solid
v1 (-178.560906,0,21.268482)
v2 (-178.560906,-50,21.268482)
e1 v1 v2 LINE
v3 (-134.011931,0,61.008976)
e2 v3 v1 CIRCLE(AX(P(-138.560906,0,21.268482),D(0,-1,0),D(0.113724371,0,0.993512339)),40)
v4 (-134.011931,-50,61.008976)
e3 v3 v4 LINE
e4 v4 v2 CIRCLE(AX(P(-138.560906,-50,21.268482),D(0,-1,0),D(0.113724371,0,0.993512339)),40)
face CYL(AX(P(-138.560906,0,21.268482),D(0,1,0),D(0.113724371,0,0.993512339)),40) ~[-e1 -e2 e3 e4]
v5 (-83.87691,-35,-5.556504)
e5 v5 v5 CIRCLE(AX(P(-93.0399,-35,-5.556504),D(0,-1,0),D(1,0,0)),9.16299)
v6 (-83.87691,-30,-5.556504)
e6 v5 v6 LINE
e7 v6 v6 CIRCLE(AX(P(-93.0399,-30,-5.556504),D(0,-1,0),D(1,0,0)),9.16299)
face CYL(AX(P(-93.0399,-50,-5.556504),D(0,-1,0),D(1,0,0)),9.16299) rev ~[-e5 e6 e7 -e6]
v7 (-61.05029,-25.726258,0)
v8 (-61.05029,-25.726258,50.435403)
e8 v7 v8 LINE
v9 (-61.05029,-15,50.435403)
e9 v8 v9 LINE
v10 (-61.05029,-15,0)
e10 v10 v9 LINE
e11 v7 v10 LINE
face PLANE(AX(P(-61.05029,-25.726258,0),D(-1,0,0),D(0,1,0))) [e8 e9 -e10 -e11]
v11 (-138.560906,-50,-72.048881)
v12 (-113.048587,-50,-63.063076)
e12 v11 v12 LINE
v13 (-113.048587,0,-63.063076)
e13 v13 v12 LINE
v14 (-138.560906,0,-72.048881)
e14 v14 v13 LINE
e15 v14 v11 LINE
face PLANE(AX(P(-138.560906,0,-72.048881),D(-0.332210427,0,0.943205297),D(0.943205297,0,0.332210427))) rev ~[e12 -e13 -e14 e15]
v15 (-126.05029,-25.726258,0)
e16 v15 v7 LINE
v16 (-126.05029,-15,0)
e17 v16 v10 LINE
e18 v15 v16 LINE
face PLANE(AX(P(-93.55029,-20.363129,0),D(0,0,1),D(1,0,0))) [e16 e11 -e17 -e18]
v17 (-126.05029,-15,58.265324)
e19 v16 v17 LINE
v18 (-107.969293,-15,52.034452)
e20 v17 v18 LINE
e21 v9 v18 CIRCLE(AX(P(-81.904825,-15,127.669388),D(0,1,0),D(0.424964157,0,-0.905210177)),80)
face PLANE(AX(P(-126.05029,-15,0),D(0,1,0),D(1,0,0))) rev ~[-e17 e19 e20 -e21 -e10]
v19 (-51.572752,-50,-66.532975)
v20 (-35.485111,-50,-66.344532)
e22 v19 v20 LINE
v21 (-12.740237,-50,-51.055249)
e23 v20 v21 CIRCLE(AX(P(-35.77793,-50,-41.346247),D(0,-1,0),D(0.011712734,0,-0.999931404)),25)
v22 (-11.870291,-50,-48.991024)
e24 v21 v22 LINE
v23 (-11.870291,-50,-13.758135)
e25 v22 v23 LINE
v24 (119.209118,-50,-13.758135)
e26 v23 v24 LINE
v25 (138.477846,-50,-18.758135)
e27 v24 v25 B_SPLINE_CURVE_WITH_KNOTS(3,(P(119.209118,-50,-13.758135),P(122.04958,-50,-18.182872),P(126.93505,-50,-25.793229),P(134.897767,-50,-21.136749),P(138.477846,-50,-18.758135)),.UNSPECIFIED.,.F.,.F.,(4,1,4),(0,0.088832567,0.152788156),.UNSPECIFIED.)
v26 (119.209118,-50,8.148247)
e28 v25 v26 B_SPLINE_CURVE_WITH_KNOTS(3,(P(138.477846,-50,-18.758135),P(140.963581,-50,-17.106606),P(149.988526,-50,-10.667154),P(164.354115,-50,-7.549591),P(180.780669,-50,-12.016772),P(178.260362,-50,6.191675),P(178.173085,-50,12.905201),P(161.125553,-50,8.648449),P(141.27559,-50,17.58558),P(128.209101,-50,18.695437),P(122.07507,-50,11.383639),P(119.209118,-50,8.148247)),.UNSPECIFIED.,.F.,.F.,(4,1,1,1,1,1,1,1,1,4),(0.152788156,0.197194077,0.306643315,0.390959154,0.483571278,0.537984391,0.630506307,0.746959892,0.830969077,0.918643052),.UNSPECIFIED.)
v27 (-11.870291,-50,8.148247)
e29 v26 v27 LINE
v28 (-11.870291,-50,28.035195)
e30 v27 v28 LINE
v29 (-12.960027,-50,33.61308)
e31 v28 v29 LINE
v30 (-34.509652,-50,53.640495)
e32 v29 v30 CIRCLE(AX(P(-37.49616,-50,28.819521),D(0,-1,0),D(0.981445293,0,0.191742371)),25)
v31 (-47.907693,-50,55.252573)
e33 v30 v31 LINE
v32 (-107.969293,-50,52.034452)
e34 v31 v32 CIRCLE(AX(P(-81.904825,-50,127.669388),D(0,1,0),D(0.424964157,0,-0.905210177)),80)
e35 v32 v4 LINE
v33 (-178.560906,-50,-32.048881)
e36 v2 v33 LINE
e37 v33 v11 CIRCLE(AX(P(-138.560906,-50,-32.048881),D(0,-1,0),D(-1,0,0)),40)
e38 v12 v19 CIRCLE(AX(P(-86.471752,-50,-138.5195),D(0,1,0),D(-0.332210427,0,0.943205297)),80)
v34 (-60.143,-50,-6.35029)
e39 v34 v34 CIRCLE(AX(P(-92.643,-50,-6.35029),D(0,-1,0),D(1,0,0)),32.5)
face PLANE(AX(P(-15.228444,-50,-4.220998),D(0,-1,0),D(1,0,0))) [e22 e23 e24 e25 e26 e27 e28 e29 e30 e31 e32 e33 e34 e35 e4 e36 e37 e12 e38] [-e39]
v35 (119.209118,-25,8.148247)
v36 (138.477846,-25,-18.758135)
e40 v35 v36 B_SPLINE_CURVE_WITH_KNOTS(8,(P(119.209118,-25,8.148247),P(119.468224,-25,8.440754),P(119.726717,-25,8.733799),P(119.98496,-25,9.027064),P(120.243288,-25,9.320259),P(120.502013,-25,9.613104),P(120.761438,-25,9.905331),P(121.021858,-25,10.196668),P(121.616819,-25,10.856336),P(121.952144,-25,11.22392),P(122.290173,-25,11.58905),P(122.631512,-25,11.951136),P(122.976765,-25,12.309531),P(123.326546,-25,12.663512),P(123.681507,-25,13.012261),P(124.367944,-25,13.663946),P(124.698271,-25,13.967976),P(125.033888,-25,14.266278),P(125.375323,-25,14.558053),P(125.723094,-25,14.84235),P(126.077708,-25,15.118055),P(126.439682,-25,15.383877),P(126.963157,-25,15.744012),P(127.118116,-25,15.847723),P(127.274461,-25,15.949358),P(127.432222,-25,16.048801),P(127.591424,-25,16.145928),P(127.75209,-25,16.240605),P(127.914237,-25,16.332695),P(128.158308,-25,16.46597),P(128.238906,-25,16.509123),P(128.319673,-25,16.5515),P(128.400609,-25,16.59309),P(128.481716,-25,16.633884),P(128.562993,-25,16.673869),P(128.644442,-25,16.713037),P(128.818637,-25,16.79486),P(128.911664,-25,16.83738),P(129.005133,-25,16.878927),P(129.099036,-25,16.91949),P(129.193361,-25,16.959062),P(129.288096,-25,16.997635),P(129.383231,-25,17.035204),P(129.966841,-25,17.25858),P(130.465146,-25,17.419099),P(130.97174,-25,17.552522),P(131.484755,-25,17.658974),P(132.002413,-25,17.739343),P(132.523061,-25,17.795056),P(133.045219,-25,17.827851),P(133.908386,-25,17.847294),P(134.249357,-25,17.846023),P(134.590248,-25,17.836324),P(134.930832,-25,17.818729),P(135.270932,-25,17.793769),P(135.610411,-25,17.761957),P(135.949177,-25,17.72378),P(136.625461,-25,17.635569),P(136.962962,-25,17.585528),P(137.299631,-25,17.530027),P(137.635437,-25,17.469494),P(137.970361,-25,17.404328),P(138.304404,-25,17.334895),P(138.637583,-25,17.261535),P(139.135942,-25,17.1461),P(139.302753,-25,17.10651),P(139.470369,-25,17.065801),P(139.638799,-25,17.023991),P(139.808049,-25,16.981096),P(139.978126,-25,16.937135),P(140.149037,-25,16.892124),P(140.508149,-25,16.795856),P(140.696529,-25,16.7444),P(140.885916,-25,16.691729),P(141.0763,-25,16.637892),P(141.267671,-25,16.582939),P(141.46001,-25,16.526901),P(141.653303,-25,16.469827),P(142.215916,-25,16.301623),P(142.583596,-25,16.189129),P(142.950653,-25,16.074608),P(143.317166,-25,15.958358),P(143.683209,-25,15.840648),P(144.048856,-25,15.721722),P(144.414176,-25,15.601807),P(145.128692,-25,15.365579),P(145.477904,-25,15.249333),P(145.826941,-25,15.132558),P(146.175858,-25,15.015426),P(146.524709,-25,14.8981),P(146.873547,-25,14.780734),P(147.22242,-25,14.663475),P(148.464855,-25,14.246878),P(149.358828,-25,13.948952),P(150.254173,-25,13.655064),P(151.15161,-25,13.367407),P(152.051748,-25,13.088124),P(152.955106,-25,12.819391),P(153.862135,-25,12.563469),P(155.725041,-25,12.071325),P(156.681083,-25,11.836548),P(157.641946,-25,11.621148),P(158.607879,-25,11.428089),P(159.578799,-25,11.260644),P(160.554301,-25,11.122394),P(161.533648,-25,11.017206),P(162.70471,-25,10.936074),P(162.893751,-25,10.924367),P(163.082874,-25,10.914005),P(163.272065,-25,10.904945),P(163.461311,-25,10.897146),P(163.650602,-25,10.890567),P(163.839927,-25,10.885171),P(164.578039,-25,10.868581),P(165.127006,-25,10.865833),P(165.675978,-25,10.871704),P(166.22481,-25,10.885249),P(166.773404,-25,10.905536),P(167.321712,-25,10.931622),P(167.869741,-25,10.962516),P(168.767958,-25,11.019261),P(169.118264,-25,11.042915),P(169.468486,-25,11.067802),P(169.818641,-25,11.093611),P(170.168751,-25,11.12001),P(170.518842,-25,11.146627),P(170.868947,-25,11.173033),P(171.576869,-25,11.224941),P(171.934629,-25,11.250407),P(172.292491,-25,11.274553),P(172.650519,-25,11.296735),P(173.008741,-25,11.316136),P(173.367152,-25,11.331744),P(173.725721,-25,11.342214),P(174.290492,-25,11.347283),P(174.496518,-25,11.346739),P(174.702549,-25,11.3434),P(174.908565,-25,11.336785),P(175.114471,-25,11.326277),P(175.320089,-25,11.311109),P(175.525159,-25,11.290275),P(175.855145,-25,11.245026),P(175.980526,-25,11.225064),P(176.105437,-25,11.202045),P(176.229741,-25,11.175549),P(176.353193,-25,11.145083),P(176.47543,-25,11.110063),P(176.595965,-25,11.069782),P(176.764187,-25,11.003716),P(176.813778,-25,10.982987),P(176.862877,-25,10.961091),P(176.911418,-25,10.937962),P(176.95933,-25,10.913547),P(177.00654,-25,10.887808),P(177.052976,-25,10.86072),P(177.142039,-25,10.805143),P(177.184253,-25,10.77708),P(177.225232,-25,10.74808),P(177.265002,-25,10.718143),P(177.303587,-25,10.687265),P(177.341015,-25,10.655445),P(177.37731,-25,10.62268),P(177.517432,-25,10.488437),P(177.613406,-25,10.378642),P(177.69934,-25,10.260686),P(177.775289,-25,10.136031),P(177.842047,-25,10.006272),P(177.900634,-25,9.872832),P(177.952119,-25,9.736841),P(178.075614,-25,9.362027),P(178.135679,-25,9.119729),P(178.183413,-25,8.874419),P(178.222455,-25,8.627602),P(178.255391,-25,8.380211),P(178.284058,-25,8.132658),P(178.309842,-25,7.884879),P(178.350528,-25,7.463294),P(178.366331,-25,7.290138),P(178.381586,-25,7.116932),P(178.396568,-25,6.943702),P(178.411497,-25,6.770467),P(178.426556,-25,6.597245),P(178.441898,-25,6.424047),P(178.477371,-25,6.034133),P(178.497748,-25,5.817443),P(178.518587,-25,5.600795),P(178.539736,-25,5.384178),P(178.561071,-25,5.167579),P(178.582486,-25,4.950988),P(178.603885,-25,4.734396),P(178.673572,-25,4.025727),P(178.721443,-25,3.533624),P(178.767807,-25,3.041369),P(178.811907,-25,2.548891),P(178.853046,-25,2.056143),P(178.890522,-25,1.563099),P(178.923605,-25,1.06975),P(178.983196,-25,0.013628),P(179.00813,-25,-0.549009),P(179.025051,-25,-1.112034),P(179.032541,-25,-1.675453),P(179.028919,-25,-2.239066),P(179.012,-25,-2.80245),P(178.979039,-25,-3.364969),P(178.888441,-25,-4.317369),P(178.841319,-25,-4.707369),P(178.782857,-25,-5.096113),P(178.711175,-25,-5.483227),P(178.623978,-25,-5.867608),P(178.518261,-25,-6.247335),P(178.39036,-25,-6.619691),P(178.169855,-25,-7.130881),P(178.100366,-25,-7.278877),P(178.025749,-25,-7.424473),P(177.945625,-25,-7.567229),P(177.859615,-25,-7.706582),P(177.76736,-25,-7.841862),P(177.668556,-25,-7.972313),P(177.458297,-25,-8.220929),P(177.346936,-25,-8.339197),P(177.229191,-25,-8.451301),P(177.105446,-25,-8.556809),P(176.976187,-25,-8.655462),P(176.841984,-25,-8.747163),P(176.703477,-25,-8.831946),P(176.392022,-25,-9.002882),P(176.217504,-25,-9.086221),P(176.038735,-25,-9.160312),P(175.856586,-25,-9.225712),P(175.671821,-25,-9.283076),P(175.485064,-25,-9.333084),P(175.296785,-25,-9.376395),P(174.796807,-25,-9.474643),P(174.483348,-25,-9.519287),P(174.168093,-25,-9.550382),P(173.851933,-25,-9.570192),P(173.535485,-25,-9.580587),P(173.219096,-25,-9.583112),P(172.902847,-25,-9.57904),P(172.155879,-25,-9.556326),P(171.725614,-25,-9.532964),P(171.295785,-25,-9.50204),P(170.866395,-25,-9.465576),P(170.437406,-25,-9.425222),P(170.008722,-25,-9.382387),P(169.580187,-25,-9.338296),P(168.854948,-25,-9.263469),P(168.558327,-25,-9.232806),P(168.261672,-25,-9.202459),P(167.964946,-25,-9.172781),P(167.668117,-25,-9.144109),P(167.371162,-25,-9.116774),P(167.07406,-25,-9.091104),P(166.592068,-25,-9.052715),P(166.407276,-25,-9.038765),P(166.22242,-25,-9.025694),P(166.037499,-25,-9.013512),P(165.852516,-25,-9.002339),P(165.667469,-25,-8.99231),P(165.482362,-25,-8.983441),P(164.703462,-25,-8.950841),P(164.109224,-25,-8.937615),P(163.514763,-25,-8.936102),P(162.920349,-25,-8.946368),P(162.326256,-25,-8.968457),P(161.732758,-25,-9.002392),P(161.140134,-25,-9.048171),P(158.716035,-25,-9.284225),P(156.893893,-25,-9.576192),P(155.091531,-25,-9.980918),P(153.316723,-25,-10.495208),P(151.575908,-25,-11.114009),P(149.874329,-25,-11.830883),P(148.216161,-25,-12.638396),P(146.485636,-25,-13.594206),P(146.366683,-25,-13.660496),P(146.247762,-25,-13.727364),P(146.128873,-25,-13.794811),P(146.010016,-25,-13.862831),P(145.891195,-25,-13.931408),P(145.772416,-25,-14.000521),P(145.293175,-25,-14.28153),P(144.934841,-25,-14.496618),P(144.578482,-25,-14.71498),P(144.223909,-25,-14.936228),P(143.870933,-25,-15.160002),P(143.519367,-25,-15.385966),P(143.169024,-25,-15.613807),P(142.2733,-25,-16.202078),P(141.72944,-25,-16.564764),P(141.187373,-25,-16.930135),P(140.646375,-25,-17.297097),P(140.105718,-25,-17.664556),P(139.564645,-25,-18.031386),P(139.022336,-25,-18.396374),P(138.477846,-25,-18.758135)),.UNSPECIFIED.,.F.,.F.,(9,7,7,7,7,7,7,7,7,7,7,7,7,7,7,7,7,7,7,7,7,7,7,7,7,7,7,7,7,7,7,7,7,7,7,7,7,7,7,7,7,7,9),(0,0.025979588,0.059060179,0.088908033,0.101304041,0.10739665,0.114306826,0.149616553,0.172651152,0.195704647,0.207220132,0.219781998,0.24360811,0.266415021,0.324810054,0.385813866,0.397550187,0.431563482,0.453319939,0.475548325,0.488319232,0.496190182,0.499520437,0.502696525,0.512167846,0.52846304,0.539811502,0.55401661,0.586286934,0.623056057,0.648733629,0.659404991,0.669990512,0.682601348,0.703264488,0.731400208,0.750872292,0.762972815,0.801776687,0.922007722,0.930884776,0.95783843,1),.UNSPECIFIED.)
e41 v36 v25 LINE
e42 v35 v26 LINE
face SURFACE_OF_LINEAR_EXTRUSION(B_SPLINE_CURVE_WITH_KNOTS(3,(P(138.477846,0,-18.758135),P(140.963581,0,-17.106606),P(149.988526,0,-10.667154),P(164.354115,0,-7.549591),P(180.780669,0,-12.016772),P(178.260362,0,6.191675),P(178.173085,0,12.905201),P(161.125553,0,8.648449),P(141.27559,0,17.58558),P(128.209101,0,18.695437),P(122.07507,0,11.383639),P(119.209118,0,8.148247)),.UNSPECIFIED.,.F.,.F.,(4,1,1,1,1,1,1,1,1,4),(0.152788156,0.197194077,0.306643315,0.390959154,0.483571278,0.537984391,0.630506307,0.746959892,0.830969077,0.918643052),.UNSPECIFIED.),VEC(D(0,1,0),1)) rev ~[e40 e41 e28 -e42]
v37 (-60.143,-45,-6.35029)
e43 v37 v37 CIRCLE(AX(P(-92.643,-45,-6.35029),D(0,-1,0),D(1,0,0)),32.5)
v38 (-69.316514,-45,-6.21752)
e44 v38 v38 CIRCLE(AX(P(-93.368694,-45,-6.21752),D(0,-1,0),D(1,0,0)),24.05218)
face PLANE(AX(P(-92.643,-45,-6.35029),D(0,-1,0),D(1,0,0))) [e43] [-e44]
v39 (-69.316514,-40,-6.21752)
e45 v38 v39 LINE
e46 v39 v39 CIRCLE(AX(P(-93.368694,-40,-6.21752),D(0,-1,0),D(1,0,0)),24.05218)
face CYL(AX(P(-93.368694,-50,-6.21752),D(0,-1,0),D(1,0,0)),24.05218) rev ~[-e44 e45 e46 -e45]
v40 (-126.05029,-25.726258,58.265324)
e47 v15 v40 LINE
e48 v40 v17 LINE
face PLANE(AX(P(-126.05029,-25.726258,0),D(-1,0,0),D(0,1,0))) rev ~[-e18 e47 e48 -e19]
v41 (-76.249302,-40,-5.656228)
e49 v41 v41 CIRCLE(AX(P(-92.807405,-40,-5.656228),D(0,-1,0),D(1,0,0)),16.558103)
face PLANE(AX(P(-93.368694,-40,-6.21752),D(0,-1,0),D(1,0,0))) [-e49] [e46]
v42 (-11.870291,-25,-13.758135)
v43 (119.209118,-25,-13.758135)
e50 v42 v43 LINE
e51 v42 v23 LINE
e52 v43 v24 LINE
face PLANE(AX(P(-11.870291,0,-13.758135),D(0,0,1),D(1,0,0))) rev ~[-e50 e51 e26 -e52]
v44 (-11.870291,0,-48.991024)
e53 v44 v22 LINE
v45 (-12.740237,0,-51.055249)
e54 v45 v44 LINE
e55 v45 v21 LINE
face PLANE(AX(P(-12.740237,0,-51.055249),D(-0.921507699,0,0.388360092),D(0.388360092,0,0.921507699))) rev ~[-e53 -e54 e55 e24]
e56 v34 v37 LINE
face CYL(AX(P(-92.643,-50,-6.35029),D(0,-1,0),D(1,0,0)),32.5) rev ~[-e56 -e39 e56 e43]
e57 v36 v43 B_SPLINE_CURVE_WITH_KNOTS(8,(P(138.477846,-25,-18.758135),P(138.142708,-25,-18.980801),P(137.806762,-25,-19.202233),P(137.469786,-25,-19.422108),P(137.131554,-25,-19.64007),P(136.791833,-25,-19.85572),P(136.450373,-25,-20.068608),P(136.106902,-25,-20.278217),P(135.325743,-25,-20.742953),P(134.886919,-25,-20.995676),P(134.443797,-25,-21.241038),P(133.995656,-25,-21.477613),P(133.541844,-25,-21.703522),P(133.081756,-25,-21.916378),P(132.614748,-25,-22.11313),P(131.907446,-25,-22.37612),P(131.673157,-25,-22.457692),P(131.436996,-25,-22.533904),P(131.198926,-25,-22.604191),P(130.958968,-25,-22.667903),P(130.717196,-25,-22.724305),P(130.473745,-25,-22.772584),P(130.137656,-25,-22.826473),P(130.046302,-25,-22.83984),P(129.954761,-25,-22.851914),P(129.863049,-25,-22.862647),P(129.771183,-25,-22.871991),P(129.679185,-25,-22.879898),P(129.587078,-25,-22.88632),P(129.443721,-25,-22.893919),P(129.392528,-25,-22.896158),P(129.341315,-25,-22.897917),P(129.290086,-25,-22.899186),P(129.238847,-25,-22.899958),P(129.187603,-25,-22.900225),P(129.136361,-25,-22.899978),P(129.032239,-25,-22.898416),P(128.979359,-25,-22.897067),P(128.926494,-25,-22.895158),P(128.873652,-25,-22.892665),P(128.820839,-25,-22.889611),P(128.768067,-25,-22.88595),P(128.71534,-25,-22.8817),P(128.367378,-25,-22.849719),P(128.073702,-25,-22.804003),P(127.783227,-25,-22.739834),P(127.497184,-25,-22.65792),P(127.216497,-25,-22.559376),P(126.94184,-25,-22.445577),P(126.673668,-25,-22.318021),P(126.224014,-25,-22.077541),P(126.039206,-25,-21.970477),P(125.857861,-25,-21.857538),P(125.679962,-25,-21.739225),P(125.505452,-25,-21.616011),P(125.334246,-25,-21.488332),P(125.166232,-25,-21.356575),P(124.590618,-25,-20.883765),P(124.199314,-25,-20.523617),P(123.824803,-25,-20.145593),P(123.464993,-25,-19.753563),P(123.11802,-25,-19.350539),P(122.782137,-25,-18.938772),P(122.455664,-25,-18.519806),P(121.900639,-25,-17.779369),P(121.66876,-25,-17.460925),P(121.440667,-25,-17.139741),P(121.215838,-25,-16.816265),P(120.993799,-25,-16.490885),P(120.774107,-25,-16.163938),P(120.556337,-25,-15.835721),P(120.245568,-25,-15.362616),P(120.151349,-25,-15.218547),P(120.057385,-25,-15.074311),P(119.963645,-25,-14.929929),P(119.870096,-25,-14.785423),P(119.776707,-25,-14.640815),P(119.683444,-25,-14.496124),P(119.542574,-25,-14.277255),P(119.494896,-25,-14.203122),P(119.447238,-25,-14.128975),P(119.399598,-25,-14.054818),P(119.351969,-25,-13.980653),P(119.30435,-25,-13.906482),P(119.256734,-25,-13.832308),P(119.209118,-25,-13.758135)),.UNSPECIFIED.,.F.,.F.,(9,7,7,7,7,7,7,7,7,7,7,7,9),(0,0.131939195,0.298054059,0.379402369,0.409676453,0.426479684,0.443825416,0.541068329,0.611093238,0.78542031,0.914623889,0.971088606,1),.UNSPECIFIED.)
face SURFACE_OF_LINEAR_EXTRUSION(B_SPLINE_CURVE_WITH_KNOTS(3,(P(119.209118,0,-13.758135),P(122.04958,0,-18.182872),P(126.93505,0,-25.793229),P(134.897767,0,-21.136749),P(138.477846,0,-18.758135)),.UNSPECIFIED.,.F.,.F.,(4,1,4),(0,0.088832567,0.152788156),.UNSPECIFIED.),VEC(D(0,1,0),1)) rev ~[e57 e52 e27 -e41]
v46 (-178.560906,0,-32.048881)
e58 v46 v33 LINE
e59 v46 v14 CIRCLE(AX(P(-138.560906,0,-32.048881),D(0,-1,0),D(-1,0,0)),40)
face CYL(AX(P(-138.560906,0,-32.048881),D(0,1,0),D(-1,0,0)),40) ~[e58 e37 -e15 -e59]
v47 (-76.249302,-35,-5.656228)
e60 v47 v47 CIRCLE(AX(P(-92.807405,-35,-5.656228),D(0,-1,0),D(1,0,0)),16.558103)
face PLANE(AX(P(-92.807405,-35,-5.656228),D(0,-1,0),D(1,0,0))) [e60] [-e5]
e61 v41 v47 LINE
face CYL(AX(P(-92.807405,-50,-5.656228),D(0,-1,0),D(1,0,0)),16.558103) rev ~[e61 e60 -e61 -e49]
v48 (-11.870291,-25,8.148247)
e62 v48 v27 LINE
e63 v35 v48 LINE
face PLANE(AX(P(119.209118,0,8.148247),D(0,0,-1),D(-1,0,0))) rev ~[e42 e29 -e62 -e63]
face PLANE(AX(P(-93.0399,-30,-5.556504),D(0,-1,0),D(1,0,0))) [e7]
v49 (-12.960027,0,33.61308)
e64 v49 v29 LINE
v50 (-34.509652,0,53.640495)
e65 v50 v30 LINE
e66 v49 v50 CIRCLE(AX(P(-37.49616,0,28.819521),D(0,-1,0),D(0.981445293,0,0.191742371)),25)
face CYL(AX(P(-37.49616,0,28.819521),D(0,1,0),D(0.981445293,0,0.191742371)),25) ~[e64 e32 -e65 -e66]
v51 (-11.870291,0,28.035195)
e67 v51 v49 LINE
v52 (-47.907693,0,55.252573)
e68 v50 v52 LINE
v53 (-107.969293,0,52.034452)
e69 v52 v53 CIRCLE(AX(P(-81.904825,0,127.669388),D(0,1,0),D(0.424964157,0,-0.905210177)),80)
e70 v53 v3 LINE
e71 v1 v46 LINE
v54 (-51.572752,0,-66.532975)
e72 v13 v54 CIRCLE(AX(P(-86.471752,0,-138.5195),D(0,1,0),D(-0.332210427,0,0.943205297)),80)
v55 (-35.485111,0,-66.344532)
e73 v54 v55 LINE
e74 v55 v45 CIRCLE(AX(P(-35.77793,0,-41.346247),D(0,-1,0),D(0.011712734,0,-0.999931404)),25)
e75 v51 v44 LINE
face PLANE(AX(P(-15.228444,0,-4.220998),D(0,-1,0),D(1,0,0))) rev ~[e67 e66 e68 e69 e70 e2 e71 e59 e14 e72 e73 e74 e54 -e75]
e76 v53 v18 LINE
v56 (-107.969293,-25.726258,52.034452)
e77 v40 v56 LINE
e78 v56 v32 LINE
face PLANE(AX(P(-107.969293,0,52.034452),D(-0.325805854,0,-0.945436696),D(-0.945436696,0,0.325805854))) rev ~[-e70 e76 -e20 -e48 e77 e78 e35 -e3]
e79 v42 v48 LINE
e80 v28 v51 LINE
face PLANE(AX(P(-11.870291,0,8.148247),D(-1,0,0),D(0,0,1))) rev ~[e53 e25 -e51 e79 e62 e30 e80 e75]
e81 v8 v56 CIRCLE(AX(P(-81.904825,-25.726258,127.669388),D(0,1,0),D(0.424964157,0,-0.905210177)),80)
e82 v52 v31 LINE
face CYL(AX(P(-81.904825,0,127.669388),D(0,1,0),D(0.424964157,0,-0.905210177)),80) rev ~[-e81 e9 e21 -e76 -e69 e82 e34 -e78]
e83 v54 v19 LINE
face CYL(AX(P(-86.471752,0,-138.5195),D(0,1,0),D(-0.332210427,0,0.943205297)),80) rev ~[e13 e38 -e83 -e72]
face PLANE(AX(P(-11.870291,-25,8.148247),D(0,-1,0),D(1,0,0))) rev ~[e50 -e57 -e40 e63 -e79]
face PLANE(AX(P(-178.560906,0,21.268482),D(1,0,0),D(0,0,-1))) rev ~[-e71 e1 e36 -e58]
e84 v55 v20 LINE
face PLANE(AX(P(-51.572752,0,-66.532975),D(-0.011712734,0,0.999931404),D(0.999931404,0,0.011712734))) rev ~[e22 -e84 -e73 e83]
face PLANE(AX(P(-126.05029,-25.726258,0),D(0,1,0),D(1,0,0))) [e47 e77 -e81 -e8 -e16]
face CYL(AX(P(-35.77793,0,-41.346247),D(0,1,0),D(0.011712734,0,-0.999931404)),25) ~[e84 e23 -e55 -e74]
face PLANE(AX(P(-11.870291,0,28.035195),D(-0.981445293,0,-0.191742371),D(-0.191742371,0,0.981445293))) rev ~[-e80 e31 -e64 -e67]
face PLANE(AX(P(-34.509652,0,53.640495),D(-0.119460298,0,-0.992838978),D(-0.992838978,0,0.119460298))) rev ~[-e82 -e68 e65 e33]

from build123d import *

# Parameters (mm, degrees)
F1_DEPTH  = 50
F2_W      = 203.4041953146
F2_H      = 25
F3_DEPTH  = 40.4
F4_W      = 65
F4_H      = 10.726257709
F5_DEPTH  = 112
F6_R      = 32.5
F10_DEPTH = 5
F7_R      = 24.0521800703
F11_DEPTH = 10
F8_R      = 16.5581027977
F12_DEPTH = 15
F9_R      = 9.1629901252
F13_DEPTH = 20


with BuildPart() as f1:
    # F0 (on Front) → F1 (new body)
    with BuildSketch(Plane.XZ):
        with BuildLine():
            ThreePointArc((-134.0119313807, 61.0089755049), (-165.1883451271, 51.1177616141), (-178.5609062061, 21.2684819493))
            Line((-178.5609062061, 21.2684819493), (-178.5609062061, -32.0488810539))
            ThreePointArc((-178.5609062061, -32.0488810539), (-166.8451774536, -60.3331523014), (-138.5609062061, -72.0488810539))
            Line((-138.5609062061, -72.0488810539), (-113.0485865589, -63.0630763264))
            ThreePointArc((-113.0485865589, -63.0630763264), (-81.9634644084, -58.6466302098), (-51.5727523129, -66.5329749737))
            Line((-51.5727523129, -66.5329749737), (-35.4851112417, -66.3445317899))
            ThreePointArc((-35.4851112417, -66.3445317899), (-21.8309325682, -62.0942893591), (-12.7402371148, -51.0552489959))
            Line((-12.7402371148, -51.0552489959), (-11.8702905939, -48.9910244951))
            Line((-11.8702905939, -48.9910244951), (-11.8702905939, -13.7581349794))
            Line((-11.8702905939, -13.7581349794), (119.2091181874, -13.7581349794))
            add(Edge.make_bspline(
                [(119.2091181874, -13.7581349794), (122.049579577, -18.1828724291), (126.9350497775, -25.7932286322), (134.897767087, -21.1367485227), (138.4778455506, -18.7581349794)],
                knots=[0, 0, 0, 0, 0.0888325666, 0.1527881557, 0.1527881557, 0.1527881557, 0.1527881557], degree=3))
            add(Edge.make_bspline(
                [(138.4778455506, -18.7581349794), (140.9635811099, -17.1066057387), (149.9885259001, -10.6671537336), (164.3541149929, -7.5495911445), (180.7806686666, -12.0167717119), (178.260361881, 6.1916754372), (178.1730852516, 12.9052011873), (161.1255533687, 8.6484488517), (141.275590488, 17.5855797892), (128.2091005086, 18.6954367611), (122.0750695464, 11.3836393112), (119.2091181874, 8.1482473761)],
                knots=[0.1527881557, 0.1527881557, 0.1527881557, 0.1527881557, 0.1971940768, 0.3066433151, 0.3909591542, 0.4835712777, 0.5379843908, 0.6305063068, 0.7469598916, 0.8309690766, 0.9186430517, 0.9186430517, 0.9186430517, 0.9186430517], degree=3))
            Line((119.2091181874, 8.1482473761), (-11.8702905939, 8.1482473761))
            Line((-11.8702905939, 8.1482473761), (-11.8702905939, 28.0351947253))
            Line((-11.8702905939, 28.0351947253), (-12.9600273318, 33.6130802276))
            ThreePointArc((-12.9600273318, 33.6130802276), (-20.4771037214, 47.1321323166), (-34.5096521952, 53.6404954103))
            Line((-34.5096521952, 53.6404954103), (-47.9076925976, 55.252573441))
            ThreePointArc((-47.9076925976, 55.252573441), (-77.6245369757, 47.7839751092), (-107.9692934799, 52.0344519687))
            Line((-107.9692934799, 52.0344519687), (-134.0119313807, 61.0089755049))
        make_face()
    extrude(amount=F1_DEPTH)

    # F2 (on face) → F3 (cut, symmetric)
    with BuildSketch(Plane.XY.offset(8.1482473761)):
        with Locations((89.8318070634, -12.5)):
            Rectangle(F2_W, F2_H)
    extrude(amount=F3_DEPTH, both=True, mode=Mode.SUBTRACT)

    # F4 (on Top) → F5 (cut)
    with BuildSketch(Plane.XY):
        with Locations((-93.5502903908, -20.3631288545)):
            Rectangle(F4_W, F4_H)
    extrude(amount=F5_DEPTH, mode=Mode.SUBTRACT)

    # F6 (on face) → F10 (cut)
    with BuildSketch(Plane.XZ.offset(50)):
        with Locations((-92.6430001855, -6.3502900302)):
            Circle(F6_R)
    extrude(amount=-F10_DEPTH, mode=Mode.SUBTRACT)

    # F7 (on face) → F11 (cut)
    with BuildSketch(Plane.XZ.offset(50)):
        with Locations((-93.3686941862, -6.2175197527)):
            Circle(F7_R)
    extrude(amount=-F11_DEPTH, mode=Mode.SUBTRACT)

    # F8 (on face) → F12 (cut)
    with BuildSketch(Plane.XZ.offset(50)):
        with Locations((-92.8074046969, -5.6562279351)):
            Circle(F8_R)
    extrude(amount=-F12_DEPTH, mode=Mode.SUBTRACT)

    # F9 (on face) → F13 (cut)
    with BuildSketch(Plane.XZ.offset(50)):
        with Locations((-93.0399000645, -5.5565037765)):
            Circle(F9_R)
    extrude(amount=-F13_DEPTH, mode=Mode.SUBTRACT)


solid = f1.part
